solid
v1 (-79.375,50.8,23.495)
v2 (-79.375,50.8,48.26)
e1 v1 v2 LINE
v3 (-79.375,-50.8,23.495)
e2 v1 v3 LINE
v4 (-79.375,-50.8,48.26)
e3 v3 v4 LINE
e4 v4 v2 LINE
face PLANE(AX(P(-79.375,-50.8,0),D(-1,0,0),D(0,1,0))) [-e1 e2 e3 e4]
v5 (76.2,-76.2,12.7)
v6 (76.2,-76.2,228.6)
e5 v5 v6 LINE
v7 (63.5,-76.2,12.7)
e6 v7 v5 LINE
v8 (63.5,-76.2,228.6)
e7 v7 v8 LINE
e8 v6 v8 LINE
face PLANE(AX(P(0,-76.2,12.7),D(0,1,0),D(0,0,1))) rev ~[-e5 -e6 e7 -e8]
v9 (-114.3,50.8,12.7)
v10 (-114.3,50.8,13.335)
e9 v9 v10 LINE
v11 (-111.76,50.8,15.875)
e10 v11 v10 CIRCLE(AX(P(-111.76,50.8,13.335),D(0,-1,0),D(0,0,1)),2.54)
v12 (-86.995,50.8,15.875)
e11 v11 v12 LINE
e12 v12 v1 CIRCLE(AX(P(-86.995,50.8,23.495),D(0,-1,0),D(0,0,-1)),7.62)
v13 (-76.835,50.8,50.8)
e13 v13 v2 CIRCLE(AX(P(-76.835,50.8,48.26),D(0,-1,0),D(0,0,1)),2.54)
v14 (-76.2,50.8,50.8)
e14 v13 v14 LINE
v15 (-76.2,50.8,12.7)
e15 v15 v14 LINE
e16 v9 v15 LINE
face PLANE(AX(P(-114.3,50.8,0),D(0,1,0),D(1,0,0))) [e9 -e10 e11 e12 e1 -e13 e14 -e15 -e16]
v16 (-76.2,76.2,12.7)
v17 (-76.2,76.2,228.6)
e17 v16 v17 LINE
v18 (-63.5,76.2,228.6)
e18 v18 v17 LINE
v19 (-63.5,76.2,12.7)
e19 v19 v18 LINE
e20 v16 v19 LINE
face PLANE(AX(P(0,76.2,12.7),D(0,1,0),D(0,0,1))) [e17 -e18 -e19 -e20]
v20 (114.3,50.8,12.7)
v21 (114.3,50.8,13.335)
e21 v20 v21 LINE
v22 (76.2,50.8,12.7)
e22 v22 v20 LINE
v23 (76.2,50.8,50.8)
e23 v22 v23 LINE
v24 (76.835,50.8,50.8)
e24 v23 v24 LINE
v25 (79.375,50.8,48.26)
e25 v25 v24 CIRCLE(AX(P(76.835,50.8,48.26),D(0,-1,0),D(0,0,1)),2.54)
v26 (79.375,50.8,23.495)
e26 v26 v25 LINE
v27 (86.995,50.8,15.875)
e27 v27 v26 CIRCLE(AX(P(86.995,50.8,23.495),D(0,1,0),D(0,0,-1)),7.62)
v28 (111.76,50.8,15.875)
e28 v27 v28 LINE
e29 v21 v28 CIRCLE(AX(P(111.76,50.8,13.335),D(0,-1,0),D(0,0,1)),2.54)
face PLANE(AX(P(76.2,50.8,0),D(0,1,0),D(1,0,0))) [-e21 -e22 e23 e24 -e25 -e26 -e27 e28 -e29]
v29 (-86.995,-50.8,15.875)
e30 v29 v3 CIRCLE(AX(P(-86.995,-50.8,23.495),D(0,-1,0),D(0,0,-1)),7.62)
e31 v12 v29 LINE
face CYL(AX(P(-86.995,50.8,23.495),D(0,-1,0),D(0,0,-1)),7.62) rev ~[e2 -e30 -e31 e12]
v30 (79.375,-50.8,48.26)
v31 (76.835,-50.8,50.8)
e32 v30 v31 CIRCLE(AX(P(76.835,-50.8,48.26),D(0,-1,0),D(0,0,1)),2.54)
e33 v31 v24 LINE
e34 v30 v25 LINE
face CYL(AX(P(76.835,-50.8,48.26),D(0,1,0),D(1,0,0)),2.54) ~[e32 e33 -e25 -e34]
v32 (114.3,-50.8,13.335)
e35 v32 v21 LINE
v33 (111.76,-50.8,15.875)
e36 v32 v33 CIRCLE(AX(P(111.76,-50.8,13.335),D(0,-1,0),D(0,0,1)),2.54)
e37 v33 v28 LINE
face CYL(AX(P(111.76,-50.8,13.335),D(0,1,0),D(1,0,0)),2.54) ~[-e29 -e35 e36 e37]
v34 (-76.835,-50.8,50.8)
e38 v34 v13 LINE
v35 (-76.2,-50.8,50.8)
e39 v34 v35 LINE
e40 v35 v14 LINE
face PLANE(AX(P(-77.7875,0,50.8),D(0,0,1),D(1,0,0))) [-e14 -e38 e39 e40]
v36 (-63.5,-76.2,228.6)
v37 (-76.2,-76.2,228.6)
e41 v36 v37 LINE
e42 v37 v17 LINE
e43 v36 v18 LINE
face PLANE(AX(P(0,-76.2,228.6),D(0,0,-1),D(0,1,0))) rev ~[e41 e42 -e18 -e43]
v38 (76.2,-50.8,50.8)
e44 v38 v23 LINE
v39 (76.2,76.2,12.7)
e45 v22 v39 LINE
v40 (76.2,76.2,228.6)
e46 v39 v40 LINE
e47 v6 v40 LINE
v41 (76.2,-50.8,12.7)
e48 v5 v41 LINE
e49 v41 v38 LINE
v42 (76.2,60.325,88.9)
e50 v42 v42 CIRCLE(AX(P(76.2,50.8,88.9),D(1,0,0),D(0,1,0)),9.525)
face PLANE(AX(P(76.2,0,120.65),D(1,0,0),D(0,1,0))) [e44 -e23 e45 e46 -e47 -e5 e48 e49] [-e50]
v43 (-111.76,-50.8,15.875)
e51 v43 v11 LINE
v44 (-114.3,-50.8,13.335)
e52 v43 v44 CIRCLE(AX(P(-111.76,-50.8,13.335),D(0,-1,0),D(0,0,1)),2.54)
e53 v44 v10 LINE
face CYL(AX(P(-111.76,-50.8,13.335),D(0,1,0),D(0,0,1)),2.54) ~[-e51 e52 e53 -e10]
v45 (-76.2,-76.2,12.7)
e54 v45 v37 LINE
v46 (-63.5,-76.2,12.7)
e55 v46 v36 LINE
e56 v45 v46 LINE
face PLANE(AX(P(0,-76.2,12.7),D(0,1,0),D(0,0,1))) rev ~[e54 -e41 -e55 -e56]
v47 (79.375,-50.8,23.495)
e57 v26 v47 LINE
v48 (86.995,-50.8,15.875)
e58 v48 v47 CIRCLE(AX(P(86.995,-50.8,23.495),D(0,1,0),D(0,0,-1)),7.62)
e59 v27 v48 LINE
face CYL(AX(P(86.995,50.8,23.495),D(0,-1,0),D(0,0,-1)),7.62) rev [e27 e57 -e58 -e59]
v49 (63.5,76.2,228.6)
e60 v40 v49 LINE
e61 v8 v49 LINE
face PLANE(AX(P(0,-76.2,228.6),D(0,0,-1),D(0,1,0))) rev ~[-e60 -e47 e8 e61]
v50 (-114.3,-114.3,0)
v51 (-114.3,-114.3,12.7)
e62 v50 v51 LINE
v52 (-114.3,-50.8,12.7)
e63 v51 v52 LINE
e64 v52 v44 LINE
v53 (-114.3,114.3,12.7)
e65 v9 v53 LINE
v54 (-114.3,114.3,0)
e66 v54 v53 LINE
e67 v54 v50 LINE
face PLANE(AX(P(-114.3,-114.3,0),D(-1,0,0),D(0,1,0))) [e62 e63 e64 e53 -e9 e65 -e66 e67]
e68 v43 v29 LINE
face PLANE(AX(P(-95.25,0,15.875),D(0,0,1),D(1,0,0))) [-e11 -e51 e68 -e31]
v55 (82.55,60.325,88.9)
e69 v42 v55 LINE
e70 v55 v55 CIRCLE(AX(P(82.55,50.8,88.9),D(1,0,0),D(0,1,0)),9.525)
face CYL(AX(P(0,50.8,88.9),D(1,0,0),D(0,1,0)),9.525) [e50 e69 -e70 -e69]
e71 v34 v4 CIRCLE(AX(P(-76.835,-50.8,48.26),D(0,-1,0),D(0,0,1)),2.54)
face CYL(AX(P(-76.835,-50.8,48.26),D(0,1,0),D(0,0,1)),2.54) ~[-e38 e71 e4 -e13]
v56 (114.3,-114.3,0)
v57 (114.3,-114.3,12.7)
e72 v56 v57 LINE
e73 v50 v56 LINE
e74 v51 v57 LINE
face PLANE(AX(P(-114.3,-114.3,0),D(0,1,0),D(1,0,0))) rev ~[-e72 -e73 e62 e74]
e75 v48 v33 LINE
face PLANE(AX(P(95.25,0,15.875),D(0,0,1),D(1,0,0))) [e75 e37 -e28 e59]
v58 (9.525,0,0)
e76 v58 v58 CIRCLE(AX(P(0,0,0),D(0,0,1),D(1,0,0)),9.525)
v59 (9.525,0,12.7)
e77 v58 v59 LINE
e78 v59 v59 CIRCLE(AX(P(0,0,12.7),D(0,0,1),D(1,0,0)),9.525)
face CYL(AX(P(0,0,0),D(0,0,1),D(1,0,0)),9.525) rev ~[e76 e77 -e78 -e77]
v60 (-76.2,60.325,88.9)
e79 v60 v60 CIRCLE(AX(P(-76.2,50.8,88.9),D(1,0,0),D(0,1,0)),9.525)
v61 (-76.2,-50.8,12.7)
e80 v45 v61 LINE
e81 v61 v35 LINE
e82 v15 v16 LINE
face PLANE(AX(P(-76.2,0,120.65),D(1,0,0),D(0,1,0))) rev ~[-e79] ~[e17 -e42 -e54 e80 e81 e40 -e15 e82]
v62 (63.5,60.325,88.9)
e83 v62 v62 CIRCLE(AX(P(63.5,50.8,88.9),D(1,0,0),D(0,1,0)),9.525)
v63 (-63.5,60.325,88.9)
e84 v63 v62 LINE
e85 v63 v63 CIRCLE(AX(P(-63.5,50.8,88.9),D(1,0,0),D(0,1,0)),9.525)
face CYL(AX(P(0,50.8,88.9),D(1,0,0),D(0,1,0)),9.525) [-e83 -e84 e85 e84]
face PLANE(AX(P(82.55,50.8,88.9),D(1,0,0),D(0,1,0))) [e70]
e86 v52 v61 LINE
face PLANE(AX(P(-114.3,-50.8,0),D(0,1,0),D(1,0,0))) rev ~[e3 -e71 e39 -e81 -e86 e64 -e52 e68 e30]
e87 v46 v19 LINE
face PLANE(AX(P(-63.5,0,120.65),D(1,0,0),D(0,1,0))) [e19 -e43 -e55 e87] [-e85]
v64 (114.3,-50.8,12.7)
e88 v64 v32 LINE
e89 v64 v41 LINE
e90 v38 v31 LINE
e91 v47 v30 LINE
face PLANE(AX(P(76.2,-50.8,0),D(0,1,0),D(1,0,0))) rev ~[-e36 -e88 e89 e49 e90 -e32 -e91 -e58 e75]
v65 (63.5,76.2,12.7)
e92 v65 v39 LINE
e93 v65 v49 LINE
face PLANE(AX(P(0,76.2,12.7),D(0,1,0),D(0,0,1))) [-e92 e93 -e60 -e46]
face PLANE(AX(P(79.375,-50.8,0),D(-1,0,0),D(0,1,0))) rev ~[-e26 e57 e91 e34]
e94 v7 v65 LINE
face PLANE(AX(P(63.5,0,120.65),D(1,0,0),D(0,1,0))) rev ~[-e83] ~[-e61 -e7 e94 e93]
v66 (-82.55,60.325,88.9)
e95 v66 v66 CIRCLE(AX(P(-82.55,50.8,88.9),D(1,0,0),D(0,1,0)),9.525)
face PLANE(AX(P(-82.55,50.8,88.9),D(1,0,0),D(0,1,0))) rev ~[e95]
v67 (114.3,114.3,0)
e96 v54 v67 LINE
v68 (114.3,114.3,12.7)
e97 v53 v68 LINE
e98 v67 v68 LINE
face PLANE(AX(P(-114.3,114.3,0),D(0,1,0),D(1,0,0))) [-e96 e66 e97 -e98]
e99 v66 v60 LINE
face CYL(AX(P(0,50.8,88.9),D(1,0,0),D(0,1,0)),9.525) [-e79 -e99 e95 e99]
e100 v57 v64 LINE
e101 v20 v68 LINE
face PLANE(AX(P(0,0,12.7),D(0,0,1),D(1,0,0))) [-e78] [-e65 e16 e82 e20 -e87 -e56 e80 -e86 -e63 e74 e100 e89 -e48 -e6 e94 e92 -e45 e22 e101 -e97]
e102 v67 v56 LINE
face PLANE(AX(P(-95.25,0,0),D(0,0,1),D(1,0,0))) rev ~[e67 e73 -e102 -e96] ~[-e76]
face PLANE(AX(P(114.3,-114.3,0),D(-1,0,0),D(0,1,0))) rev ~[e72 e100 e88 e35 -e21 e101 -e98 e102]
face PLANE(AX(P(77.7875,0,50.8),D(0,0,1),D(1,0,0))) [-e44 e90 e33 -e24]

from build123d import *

# Parameters (mm, degrees)
F0_W      = 228.6
F0_H      = 228.6
F1_DEPTH  = 12.7
F2_W      = 152.4
F2_H      = 215.9
F3_DEPTH  = 76.2
F4_DEPTH  = 63.5
F5_R      = 9.525
F6_DEPTH  = 12.7
F7_R      = 9.525
F8_DEPTH  = 82.55
F9_W      = 38.1
F9_H      = 101.6
F10_DEPTH = 15.875
F11_W     = 3.175
F11_H     = 101.6
F12_DEPTH = 50.8
F13_R     = 2.54
F14_R     = 7.62


with BuildPart() as f1:
    # F0 (on Top) → F1 (new body)
    with BuildSketch(Plane.XY):
        Rectangle(F0_W, F0_H)
    extrude(amount=F1_DEPTH)

    # F2 (on Right) → F3 (join, symmetric)
    with BuildSketch(Plane.YZ):
        with Locations((0, 120.65)):
            Rectangle(F2_W, F2_H)
    extrude(amount=F3_DEPTH, both=True)

    # F2 (on Right) → F4 (cut, symmetric)
    with BuildSketch(Plane.YZ):
        with Locations((0, 120.65)):
            Rectangle(F2_W, F2_H)
    extrude(amount=F4_DEPTH, both=True, mode=Mode.SUBTRACT)

    # F5 (on Top) → F6 (cut, symmetric)
    with BuildSketch(Plane.XY):
        Circle(F5_R)
    extrude(amount=F6_DEPTH, both=True, mode=Mode.SUBTRACT)

    # F7 (on Right) → F8 (join, symmetric)
    with BuildSketch(Plane.YZ):
        with Locations((50.8, 88.9)):
            Circle(F7_R)
    extrude(amount=F8_DEPTH, both=True)

    # F9 (on Top) → F10 (join)
    with BuildSketch(Plane.XY):
        with Locations((-95.25, 0)):
            Rectangle(F9_W, F9_H)
        with Locations((95.25, 0)):
            Rectangle(F9_W, F9_H)
    extrude(amount=F10_DEPTH)

    # F11 (on Top) → F12 (join)
    with BuildSketch(Plane.XY):
        with Locations((-77.7875, 0)):
            Rectangle(F11_W, F11_H)
        with Locations((77.7875, 0)):
            Rectangle(F11_W, F11_H)
    extrude(amount=F12_DEPTH)

    # F13
    f13_edges = [f1.edges().sort_by_distance(p)[0] for p in [
        (-114.3, 0, 15.875),
        (-79.375, 0, 50.8),
        (79.375, 0, 50.8),
        (114.3, 0, 15.875),
    ]]
    fillet(f13_edges, radius=F13_R)

    # F14
    f14_edges = [f1.edges().sort_by_distance(p)[0] for p in [
        (-79.375, 0, 15.875),
        (79.375, 0, 15.875),
    ]]
    fillet(f14_edges, radius=F14_R)


solid = f1.part
